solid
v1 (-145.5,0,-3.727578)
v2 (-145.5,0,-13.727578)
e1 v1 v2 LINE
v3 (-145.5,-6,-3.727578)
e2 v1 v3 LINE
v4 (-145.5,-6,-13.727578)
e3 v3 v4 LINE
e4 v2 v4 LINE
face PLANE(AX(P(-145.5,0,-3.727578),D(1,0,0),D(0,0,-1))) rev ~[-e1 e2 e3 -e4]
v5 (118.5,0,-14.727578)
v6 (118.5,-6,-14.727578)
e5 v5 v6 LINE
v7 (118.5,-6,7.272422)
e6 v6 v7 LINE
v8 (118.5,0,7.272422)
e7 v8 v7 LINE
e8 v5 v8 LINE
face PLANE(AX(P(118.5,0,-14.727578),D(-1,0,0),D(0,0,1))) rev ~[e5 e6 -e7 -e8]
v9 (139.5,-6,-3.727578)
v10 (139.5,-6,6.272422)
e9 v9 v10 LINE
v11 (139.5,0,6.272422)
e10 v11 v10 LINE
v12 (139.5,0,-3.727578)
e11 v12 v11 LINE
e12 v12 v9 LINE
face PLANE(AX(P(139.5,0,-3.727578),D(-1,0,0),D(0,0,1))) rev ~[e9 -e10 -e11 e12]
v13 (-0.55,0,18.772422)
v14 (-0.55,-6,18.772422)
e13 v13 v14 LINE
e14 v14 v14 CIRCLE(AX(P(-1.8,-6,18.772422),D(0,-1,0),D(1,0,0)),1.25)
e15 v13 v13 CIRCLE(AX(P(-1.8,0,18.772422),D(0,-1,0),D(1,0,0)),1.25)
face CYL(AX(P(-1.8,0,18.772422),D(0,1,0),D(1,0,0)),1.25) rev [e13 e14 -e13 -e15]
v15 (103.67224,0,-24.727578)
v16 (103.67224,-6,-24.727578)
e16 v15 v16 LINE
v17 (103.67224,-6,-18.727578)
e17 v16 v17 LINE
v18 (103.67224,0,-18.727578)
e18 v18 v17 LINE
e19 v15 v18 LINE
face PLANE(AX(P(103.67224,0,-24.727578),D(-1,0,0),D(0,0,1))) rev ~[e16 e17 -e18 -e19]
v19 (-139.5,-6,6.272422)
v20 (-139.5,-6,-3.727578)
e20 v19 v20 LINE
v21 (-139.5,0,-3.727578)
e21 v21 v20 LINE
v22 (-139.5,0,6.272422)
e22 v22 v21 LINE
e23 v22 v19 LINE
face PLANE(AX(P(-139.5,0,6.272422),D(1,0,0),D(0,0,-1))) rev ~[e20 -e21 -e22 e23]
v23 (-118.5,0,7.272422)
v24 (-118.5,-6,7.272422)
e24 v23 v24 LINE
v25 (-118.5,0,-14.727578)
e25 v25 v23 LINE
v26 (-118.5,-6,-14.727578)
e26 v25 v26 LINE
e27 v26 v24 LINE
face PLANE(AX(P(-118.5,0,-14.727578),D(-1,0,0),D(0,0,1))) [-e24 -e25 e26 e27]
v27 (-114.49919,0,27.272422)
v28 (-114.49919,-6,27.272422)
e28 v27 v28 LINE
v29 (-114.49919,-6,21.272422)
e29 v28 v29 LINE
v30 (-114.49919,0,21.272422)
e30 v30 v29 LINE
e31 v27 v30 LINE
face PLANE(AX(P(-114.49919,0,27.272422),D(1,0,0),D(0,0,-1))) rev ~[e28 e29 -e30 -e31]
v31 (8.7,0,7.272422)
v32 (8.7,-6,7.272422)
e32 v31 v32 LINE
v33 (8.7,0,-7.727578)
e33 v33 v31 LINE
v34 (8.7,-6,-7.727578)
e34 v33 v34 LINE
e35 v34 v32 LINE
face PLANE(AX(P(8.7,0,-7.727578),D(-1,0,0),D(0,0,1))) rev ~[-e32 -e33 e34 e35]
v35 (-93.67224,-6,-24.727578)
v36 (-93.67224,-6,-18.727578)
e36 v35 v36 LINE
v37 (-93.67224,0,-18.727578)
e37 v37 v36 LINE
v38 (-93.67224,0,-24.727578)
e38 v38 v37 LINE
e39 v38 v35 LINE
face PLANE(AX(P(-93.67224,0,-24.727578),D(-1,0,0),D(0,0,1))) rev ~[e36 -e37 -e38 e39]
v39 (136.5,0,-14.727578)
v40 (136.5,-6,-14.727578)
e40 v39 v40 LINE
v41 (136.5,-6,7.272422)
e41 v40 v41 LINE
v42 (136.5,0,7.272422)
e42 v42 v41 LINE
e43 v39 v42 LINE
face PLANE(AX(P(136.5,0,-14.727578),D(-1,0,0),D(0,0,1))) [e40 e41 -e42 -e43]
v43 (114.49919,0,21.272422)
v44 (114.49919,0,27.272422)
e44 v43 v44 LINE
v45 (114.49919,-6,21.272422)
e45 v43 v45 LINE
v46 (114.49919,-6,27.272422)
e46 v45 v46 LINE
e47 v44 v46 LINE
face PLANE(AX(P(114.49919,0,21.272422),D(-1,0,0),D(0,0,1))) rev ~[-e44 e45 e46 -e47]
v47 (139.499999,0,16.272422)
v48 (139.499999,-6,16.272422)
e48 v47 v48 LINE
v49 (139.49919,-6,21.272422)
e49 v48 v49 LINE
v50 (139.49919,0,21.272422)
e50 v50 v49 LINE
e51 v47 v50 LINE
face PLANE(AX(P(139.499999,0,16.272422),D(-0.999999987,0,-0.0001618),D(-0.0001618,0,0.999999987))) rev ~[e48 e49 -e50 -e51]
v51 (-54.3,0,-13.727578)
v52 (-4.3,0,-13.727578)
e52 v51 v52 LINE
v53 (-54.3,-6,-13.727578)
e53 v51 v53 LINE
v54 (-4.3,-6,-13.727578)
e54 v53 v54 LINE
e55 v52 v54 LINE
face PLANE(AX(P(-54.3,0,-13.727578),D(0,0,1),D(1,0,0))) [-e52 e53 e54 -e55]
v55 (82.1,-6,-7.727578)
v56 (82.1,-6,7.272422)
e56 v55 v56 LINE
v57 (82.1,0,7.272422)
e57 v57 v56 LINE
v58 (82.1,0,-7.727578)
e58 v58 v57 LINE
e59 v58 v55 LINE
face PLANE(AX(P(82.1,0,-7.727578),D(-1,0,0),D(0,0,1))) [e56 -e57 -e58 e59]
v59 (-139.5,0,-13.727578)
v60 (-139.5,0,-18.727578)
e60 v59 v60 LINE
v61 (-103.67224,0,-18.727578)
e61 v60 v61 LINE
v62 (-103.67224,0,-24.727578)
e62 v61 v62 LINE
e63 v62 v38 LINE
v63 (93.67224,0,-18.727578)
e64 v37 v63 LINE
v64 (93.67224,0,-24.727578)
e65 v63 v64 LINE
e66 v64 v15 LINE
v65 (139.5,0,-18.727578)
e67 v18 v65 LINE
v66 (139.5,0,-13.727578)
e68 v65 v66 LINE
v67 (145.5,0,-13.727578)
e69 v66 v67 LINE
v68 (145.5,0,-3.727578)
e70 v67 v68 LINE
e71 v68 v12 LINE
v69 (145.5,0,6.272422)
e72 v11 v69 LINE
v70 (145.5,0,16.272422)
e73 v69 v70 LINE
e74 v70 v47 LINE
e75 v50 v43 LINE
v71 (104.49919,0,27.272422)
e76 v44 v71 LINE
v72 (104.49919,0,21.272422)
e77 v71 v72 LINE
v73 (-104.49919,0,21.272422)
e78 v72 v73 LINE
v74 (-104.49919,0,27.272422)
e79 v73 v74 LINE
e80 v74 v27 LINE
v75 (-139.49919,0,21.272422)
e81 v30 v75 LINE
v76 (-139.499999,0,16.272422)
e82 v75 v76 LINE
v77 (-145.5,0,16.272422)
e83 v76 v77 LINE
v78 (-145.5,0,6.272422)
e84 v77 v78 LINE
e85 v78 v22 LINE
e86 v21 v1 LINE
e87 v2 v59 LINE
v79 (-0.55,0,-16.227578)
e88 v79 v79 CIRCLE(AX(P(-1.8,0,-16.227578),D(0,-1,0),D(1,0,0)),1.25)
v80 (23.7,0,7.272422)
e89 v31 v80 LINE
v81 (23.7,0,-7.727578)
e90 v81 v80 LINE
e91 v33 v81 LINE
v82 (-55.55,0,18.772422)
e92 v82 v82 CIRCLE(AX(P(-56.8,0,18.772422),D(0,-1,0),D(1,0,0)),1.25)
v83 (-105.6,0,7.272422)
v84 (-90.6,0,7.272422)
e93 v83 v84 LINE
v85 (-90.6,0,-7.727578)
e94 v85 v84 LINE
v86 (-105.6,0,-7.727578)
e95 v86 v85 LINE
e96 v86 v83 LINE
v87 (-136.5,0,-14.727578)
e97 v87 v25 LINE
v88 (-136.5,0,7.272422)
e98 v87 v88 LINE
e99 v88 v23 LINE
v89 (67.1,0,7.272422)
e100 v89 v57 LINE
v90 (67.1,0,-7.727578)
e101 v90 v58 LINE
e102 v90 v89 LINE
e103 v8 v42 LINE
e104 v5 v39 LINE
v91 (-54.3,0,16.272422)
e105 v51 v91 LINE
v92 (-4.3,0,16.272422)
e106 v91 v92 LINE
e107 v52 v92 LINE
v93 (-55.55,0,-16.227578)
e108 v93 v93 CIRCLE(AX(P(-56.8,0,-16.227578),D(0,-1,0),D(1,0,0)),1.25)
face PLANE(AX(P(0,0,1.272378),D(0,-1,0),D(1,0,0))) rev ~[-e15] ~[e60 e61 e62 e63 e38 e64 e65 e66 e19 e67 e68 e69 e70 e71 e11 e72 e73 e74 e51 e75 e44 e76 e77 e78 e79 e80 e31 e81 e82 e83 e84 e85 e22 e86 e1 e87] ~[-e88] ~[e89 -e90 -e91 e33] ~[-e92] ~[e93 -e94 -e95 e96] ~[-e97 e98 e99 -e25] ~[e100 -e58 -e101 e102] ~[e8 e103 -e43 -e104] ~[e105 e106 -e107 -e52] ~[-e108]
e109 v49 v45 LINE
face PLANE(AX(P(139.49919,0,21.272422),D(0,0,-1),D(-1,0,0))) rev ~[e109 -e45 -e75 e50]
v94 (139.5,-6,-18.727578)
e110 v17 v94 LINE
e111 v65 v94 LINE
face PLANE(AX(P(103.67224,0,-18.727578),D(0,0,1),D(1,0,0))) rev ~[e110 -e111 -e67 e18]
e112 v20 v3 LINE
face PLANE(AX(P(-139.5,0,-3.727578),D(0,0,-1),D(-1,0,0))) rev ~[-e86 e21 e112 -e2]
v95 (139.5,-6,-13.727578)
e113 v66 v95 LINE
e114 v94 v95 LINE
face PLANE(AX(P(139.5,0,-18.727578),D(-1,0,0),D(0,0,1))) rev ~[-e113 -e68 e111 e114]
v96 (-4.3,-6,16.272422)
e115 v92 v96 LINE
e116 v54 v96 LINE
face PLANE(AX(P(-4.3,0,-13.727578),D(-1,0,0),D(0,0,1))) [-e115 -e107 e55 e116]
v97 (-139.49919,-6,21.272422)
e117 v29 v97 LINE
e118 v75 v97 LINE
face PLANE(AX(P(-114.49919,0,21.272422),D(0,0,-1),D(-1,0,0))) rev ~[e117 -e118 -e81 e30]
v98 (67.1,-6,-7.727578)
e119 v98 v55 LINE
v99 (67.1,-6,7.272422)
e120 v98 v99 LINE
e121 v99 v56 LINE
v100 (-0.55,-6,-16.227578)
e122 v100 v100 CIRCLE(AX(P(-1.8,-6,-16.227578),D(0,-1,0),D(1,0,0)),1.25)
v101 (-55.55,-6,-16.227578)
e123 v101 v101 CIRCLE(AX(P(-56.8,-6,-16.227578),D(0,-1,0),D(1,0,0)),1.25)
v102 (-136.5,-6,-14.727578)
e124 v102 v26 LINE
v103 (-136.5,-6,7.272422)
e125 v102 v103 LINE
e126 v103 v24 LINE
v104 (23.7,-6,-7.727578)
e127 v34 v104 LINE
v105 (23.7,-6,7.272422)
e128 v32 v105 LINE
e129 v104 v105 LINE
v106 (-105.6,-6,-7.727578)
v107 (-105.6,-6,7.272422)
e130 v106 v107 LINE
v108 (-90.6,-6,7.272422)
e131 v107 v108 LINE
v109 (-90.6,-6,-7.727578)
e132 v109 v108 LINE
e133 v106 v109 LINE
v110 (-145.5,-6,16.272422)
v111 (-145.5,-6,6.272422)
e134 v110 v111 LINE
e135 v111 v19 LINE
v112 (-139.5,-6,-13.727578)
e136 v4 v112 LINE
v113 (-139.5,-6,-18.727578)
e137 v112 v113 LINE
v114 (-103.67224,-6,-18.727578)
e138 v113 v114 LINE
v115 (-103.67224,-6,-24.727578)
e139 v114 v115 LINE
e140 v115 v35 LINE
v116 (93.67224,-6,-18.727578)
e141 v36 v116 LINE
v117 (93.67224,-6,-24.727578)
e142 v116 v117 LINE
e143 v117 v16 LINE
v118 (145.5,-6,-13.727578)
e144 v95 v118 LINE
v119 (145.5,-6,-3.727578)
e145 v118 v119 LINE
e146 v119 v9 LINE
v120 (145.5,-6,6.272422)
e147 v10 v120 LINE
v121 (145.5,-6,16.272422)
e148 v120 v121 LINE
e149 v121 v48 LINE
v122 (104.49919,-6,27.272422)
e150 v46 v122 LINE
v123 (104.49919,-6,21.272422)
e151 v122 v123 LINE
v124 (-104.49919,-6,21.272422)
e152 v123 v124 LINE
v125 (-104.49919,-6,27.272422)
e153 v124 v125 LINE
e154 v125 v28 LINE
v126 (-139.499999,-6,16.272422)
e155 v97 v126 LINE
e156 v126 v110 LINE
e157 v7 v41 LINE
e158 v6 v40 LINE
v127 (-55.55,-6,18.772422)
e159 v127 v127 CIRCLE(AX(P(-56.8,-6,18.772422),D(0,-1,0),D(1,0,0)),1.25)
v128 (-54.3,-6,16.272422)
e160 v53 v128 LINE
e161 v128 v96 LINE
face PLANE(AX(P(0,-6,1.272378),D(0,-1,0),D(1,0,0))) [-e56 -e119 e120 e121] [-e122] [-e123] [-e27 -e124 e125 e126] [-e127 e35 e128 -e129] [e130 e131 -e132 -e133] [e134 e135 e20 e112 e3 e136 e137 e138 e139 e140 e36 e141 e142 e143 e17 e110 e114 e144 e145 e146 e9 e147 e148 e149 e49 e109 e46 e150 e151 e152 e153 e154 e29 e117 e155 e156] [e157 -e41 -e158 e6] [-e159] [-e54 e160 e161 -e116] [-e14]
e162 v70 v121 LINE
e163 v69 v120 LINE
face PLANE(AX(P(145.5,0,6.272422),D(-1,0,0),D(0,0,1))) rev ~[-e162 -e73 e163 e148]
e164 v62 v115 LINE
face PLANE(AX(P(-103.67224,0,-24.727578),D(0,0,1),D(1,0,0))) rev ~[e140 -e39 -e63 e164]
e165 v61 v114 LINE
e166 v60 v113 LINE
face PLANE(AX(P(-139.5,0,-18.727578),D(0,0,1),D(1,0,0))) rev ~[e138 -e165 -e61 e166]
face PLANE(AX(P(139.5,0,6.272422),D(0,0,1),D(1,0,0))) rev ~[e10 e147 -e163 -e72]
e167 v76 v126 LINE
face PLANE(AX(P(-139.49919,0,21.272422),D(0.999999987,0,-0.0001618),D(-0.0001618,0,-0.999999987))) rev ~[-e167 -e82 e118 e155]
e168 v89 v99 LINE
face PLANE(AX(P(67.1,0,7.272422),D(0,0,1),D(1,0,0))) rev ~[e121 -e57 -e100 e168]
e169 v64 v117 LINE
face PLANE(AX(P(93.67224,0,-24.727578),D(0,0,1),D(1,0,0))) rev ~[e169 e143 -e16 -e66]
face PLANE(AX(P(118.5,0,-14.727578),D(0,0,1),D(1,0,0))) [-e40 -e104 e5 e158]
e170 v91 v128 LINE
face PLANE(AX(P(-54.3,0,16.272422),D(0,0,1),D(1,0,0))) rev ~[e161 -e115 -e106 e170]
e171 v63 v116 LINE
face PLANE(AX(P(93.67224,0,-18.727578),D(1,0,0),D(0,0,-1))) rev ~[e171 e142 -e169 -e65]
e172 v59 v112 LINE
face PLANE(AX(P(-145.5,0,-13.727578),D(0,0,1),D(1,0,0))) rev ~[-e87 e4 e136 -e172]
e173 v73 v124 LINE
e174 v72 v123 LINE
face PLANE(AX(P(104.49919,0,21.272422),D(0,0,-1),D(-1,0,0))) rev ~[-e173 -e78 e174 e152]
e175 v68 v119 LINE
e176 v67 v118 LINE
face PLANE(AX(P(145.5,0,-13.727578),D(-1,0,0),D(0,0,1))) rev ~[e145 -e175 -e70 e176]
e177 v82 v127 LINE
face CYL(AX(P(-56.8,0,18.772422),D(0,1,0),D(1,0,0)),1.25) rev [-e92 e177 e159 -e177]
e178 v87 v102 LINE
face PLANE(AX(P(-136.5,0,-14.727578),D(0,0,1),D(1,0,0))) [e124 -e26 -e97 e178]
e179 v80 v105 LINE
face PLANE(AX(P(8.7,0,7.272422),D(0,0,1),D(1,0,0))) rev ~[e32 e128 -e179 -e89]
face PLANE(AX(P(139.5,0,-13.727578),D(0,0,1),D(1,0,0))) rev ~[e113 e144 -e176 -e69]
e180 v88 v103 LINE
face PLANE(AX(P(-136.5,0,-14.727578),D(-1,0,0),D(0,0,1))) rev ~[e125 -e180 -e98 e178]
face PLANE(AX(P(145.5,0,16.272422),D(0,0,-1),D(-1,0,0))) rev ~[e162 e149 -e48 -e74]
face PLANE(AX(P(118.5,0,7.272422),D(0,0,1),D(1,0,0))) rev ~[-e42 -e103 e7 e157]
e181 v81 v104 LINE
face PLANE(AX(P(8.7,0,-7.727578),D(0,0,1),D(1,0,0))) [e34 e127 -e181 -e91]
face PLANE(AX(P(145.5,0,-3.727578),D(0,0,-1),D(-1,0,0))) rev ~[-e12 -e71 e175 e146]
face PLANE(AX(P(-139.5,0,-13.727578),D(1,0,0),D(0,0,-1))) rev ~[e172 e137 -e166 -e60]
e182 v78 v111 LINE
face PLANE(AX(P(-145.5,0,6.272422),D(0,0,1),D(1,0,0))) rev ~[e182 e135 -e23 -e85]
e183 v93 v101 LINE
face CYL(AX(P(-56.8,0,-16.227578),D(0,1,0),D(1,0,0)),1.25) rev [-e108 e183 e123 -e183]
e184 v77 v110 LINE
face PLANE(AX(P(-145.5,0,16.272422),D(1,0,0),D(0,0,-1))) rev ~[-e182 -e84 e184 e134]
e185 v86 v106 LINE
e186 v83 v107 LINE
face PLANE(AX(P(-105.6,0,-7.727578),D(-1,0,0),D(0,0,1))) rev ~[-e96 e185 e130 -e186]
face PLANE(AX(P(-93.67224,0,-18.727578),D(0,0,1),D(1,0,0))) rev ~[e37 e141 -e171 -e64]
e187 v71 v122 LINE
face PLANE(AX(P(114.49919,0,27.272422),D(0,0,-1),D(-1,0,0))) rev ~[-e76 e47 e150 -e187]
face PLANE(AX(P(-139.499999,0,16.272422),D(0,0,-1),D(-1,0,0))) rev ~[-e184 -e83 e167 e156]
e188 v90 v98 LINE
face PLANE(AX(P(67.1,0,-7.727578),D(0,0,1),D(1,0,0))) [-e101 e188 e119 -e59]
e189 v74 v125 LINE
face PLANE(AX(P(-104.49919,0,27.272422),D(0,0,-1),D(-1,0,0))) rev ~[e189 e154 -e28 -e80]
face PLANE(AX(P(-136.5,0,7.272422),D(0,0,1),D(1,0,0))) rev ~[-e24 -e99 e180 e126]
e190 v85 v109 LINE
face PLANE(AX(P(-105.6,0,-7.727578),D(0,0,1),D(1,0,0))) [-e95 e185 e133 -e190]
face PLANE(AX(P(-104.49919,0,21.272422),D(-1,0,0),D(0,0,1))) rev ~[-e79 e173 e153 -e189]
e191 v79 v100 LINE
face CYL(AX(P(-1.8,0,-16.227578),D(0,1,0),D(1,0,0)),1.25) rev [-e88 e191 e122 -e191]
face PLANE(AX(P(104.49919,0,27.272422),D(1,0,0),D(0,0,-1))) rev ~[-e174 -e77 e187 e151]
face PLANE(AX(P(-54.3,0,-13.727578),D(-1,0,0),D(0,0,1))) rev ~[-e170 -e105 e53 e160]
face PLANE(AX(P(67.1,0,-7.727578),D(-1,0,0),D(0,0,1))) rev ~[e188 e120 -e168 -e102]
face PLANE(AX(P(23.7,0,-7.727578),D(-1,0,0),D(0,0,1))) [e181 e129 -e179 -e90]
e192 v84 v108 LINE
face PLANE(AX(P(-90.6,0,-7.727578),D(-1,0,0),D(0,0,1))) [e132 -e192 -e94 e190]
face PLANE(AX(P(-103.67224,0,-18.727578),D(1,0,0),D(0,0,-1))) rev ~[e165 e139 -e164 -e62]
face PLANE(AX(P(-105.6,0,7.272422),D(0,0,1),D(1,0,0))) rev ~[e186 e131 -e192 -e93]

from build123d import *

# Parameters (mm, degrees)
F0_R     = 1.25
F0_W     = 18
F0_H     = 22
F0_W_2   = 15
F0_H_2   = 15
F0_W_3   = 50
F0_H_3   = 30
F1_DEPTH = 6


with BuildPart() as f1:
    # F0 (on Front) → F1 (new body)
    with BuildSketch(Plane.XZ):
        Polygon((-139.5, -13.727578), (-139.5, -18.727578), (-103.67224, -18.727578), (-103.67224, -24.727578), (-93.67224, -24.727578), (-93.67224, -18.727578), (0, -18.727578), (93.67224, -18.727578), (93.67224, -24.727578), (103.67224, -24.727578), (103.67224, -18.727578), (139.5, -18.727578), (139.5, -13.727578), (145.5, -13.727578), (145.5, -3.727578), (139.5, -3.727578), (139.5, 6.272422), (145.5, 6.272422), (145.5, 16.272422), (139.499999, 16.272422), (139.49919, 21.272422), (114.49919, 21.272422), (114.49919, 27.272422), (104.49919, 27.272422), (104.49919, 21.272422), (0, 21.272422), (-104.49919, 21.272422), (-104.49919, 27.272422), (-114.49919, 27.272422), (-114.49919, 21.272422), (-139.49919, 21.272422), (-139.499999, 16.272422), (-145.5, 16.272422), (-145.5, 6.272422), (-139.5, 6.272422), (-139.5, -3.727578), (-145.5, -3.727578), (-145.5, -13.727578), align=None)
        with Locations((-56.8, -16.227578)):
            Circle(F0_R, mode=Mode.SUBTRACT)
        with Locations((-1.8, -16.227578)):
            Circle(F0_R, mode=Mode.SUBTRACT)
        with Locations((-127.5, -3.727578)):
            Rectangle(F0_W, F0_H, mode=Mode.SUBTRACT)
        with Locations((-98.1, -0.227578)):
            Rectangle(F0_W_2, F0_H_2, mode=Mode.SUBTRACT)
        with Locations((16.2, -0.227578)):
            Rectangle(F0_W_2, F0_H_2, mode=Mode.SUBTRACT)
        with Locations((74.6, -0.227578)):
            Rectangle(F0_W_2, F0_H_2, mode=Mode.SUBTRACT)
        with Locations((127.5, -3.727578)):
            Rectangle(F0_W, F0_H, mode=Mode.SUBTRACT)
        with Locations((-29.3, 1.272422)):
            Rectangle(F0_W_3, F0_H_3, mode=Mode.SUBTRACT)
        with Locations((-56.8, 18.772422)):
            Circle(F0_R, mode=Mode.SUBTRACT)
        with Locations((-1.8, 18.772422)):
            Circle(F0_R, mode=Mode.SUBTRACT)
    extrude(amount=F1_DEPTH)


solid = f1.part
